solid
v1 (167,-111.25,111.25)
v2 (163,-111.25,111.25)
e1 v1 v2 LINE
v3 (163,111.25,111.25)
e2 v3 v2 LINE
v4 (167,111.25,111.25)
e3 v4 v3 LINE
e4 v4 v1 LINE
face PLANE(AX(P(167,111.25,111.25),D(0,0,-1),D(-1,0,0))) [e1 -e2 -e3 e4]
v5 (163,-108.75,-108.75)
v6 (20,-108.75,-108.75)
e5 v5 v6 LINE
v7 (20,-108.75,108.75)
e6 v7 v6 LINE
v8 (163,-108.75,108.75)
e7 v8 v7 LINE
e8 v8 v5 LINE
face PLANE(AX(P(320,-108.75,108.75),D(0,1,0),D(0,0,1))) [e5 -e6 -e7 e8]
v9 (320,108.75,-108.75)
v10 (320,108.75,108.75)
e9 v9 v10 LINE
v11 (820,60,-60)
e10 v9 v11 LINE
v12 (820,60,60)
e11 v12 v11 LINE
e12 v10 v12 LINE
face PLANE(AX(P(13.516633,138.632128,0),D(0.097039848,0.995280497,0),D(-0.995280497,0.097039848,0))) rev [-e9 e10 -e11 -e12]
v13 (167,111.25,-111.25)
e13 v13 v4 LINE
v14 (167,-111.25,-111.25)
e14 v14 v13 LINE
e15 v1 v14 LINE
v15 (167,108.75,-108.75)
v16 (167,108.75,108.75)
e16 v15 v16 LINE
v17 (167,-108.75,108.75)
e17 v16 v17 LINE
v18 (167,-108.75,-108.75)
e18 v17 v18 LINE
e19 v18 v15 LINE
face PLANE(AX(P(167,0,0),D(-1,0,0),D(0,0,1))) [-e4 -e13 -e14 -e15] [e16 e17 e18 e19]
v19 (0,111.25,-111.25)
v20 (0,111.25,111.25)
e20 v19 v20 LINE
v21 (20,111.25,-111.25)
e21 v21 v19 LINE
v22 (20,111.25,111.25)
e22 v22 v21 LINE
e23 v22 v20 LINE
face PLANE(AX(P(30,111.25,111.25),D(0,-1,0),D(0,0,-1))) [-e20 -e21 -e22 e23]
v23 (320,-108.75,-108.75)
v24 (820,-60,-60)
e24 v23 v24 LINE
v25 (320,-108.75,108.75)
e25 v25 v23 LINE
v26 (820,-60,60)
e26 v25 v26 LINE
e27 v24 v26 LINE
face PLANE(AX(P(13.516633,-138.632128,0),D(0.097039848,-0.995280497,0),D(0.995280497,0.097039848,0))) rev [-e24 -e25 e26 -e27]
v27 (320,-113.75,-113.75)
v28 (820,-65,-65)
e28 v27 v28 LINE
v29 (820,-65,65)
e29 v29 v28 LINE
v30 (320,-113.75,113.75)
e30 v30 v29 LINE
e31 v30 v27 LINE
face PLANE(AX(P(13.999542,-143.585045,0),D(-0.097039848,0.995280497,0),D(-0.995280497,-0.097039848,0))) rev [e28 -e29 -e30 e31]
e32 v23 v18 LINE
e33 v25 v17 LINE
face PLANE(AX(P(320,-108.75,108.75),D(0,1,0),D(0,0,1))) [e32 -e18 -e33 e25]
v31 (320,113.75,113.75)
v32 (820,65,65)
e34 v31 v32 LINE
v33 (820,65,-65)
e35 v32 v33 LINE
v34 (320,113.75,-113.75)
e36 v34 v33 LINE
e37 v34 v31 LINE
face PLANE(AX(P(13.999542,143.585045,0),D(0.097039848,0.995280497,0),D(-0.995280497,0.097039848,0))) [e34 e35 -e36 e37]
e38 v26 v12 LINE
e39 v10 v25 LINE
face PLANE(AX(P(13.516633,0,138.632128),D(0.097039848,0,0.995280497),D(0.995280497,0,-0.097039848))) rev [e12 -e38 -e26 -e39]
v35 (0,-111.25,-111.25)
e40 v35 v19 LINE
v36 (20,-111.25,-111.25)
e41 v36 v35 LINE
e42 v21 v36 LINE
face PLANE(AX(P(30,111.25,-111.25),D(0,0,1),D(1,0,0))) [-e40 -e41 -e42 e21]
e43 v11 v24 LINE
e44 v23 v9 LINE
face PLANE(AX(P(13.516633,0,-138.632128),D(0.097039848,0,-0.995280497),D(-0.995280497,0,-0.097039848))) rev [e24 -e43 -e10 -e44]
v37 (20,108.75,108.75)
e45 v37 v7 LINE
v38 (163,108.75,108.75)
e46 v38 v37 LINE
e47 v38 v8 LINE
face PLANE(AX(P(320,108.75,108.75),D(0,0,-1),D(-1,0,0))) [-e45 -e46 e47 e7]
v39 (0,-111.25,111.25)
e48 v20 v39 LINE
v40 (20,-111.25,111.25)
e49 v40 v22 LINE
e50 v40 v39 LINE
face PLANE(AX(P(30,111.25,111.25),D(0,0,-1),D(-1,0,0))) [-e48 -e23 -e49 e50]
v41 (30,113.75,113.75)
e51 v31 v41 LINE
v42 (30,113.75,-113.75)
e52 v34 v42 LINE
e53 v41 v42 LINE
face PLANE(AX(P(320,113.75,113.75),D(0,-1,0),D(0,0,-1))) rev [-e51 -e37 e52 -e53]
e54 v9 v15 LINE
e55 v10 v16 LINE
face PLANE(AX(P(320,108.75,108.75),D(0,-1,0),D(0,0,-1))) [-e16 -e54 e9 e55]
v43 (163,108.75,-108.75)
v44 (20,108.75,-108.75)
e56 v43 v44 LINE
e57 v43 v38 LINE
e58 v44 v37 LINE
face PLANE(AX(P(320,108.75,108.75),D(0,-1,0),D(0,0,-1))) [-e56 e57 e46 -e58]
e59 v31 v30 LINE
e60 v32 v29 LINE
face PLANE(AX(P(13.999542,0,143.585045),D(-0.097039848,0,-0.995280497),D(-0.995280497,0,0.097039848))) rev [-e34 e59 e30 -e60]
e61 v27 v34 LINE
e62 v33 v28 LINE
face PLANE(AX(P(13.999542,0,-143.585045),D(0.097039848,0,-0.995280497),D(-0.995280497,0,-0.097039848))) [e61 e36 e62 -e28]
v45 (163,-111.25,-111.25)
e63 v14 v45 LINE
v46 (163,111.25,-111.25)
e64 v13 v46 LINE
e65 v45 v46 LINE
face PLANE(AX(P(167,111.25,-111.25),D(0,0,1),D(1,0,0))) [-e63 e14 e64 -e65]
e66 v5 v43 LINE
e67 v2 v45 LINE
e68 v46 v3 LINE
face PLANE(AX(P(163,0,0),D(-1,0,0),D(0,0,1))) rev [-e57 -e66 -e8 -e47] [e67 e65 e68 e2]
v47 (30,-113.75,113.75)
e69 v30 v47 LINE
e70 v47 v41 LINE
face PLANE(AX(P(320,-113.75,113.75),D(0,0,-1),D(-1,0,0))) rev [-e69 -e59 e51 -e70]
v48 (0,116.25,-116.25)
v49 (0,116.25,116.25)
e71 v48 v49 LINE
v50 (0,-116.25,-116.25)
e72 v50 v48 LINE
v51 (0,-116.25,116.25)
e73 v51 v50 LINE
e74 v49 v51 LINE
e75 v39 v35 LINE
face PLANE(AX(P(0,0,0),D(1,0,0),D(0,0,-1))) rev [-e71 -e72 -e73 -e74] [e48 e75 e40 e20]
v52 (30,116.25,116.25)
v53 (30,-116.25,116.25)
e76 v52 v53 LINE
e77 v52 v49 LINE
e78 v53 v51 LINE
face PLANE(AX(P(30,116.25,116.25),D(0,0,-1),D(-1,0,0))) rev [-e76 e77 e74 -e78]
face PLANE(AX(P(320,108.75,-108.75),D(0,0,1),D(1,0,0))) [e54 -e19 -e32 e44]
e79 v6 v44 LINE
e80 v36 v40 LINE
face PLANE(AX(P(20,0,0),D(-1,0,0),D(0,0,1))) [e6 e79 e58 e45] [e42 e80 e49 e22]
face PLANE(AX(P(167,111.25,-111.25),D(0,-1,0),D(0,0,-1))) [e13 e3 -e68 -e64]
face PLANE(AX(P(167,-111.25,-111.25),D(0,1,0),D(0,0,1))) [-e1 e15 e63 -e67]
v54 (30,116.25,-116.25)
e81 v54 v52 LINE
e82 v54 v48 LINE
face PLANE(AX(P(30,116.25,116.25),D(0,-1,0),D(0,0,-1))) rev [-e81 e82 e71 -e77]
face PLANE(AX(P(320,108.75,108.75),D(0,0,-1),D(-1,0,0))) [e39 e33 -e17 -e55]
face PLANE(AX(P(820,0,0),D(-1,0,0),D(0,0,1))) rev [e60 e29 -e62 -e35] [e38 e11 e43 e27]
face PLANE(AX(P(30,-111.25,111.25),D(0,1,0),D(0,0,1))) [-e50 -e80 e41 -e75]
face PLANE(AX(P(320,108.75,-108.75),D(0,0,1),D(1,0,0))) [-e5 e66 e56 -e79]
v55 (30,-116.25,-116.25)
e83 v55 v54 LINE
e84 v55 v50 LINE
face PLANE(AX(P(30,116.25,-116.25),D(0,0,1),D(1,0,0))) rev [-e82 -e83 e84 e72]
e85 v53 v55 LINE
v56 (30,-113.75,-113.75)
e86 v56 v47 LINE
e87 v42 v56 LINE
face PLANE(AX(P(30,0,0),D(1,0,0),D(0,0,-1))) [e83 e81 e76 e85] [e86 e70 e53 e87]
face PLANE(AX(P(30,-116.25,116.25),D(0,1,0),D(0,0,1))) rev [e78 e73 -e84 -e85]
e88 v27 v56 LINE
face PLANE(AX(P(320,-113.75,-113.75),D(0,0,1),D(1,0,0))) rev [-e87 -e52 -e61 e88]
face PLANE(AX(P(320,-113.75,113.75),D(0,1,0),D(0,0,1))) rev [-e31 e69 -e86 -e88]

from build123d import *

# Parameters (mm, degrees)
SKETCH1_W               = 232.5
SKETCH1_H               = 232.5
SKETCH1_W_2             = 222.5
SKETCH1_H_2             = 222.5
BOSS_EXTRUDE1_DEPTH     = 30
SKETCH3_W               = 227.5
SKETCH3_H               = 227.5
SKETCH3_W_2             = 217.5
SKETCH3_H_2             = 217.5
BOSS_EXTRUDE2_DEPTH     = 300
CUT_EXTRUDE1_DEPTH      = 2
CUT_EXTRUDE1_DEPTH_BACK = 2
SKETCH8_W               = 222.5
SKETCH8_H               = 222.5
SKETCH8_W_2             = 217.5
SKETCH8_H_2             = 217.5


with BuildPart() as part:
    # Sketch1 → Boss-Extrude1 (new body)
    with BuildSketch(Plane(origin=(0, 0, 0), x_dir=(0, 0, -1), z_dir=(1, 0, 0))):
        Rectangle(SKETCH1_W, SKETCH1_H)
        Rectangle(SKETCH1_W_2, SKETCH1_H_2, mode=Mode.SUBTRACT)
    extrude(amount=BOSS_EXTRUDE1_DEPTH)

    # Sketch3 → Boss-Extrude2 (add)
    with BuildSketch(Plane(origin=(20, 0, 0), x_dir=(0, 0, -1), z_dir=(1, 0, 0))):
        Rectangle(SKETCH3_W, SKETCH3_H)
        Rectangle(SKETCH3_W_2, SKETCH3_H_2, mode=Mode.SUBTRACT)
    extrude(amount=BOSS_EXTRUDE2_DEPTH)

    # Sketch5 → Loft2 section 0
    with BuildSketch(Plane(origin=(320, 0, 0), x_dir=(0, 0, -1), z_dir=(1, 0, 0))):
        with BuildLine():
            Line((-113.75, 113.75), (113.75, 113.75))
            Line((113.75, 113.75), (113.75, -113.75))
            Line((113.75, -113.75), (-113.75, -113.75))
            Line((-113.75, -113.75), (-113.75, 113.75))
        make_face()
    # Sketch4 → Loft2 section 1
    with BuildSketch(Plane(origin=(820, 0, 0), x_dir=(0, 0, -1), z_dir=(1, 0, 0))):
        with BuildLine():
            Line((-65, 65), (65, 65))
            Line((65, 65), (65, -65))
            Line((65, -65), (-65, -65))
            Line((-65, -65), (-65, 65))
        make_face()
    loft()

    # Sketch5<5> → Cut-Loft2 section 0
    with BuildSketch(Plane(origin=(320, 0, 0), x_dir=(0, 0, -1), z_dir=(1, 0, 0))):
        with BuildLine():
            Line((-108.75, 108.75), (108.75, 108.75))
            Line((108.75, 108.75), (108.75, -108.75))
            Line((108.75, -108.75), (-108.75, -108.75))
            Line((-108.75, -108.75), (-108.75, 108.75))
        make_face()
    # Sketch4<7> → Cut-Loft2 section 1
    with BuildSketch(Plane(origin=(820, 0, 0), x_dir=(0, 0, -1), z_dir=(1, 0, 0))):
        with BuildLine():
            Line((-60, 60), (60, 60))
            Line((60, 60), (60, -60))
            Line((60, -60), (-60, -60))
            Line((-60, -60), (-60, 60))
        make_face()
    loft(mode=Mode.SUBTRACT)

    # Sketch8 → Cut-Extrude1 (cut, two sides: drawn at the far end of the back side and taken through both)
    with BuildSketch(Plane(origin=(165, 0, 0), x_dir=(0, 0, -1), z_dir=(1, 0, 0)).offset(-CUT_EXTRUDE1_DEPTH_BACK)):
        Rectangle(SKETCH8_W, SKETCH8_H)
        Rectangle(SKETCH8_W_2, SKETCH8_H_2, mode=Mode.SUBTRACT)
    extrude(amount=CUT_EXTRUDE1_DEPTH + CUT_EXTRUDE1_DEPTH_BACK, mode=Mode.SUBTRACT)


solid = part.part
